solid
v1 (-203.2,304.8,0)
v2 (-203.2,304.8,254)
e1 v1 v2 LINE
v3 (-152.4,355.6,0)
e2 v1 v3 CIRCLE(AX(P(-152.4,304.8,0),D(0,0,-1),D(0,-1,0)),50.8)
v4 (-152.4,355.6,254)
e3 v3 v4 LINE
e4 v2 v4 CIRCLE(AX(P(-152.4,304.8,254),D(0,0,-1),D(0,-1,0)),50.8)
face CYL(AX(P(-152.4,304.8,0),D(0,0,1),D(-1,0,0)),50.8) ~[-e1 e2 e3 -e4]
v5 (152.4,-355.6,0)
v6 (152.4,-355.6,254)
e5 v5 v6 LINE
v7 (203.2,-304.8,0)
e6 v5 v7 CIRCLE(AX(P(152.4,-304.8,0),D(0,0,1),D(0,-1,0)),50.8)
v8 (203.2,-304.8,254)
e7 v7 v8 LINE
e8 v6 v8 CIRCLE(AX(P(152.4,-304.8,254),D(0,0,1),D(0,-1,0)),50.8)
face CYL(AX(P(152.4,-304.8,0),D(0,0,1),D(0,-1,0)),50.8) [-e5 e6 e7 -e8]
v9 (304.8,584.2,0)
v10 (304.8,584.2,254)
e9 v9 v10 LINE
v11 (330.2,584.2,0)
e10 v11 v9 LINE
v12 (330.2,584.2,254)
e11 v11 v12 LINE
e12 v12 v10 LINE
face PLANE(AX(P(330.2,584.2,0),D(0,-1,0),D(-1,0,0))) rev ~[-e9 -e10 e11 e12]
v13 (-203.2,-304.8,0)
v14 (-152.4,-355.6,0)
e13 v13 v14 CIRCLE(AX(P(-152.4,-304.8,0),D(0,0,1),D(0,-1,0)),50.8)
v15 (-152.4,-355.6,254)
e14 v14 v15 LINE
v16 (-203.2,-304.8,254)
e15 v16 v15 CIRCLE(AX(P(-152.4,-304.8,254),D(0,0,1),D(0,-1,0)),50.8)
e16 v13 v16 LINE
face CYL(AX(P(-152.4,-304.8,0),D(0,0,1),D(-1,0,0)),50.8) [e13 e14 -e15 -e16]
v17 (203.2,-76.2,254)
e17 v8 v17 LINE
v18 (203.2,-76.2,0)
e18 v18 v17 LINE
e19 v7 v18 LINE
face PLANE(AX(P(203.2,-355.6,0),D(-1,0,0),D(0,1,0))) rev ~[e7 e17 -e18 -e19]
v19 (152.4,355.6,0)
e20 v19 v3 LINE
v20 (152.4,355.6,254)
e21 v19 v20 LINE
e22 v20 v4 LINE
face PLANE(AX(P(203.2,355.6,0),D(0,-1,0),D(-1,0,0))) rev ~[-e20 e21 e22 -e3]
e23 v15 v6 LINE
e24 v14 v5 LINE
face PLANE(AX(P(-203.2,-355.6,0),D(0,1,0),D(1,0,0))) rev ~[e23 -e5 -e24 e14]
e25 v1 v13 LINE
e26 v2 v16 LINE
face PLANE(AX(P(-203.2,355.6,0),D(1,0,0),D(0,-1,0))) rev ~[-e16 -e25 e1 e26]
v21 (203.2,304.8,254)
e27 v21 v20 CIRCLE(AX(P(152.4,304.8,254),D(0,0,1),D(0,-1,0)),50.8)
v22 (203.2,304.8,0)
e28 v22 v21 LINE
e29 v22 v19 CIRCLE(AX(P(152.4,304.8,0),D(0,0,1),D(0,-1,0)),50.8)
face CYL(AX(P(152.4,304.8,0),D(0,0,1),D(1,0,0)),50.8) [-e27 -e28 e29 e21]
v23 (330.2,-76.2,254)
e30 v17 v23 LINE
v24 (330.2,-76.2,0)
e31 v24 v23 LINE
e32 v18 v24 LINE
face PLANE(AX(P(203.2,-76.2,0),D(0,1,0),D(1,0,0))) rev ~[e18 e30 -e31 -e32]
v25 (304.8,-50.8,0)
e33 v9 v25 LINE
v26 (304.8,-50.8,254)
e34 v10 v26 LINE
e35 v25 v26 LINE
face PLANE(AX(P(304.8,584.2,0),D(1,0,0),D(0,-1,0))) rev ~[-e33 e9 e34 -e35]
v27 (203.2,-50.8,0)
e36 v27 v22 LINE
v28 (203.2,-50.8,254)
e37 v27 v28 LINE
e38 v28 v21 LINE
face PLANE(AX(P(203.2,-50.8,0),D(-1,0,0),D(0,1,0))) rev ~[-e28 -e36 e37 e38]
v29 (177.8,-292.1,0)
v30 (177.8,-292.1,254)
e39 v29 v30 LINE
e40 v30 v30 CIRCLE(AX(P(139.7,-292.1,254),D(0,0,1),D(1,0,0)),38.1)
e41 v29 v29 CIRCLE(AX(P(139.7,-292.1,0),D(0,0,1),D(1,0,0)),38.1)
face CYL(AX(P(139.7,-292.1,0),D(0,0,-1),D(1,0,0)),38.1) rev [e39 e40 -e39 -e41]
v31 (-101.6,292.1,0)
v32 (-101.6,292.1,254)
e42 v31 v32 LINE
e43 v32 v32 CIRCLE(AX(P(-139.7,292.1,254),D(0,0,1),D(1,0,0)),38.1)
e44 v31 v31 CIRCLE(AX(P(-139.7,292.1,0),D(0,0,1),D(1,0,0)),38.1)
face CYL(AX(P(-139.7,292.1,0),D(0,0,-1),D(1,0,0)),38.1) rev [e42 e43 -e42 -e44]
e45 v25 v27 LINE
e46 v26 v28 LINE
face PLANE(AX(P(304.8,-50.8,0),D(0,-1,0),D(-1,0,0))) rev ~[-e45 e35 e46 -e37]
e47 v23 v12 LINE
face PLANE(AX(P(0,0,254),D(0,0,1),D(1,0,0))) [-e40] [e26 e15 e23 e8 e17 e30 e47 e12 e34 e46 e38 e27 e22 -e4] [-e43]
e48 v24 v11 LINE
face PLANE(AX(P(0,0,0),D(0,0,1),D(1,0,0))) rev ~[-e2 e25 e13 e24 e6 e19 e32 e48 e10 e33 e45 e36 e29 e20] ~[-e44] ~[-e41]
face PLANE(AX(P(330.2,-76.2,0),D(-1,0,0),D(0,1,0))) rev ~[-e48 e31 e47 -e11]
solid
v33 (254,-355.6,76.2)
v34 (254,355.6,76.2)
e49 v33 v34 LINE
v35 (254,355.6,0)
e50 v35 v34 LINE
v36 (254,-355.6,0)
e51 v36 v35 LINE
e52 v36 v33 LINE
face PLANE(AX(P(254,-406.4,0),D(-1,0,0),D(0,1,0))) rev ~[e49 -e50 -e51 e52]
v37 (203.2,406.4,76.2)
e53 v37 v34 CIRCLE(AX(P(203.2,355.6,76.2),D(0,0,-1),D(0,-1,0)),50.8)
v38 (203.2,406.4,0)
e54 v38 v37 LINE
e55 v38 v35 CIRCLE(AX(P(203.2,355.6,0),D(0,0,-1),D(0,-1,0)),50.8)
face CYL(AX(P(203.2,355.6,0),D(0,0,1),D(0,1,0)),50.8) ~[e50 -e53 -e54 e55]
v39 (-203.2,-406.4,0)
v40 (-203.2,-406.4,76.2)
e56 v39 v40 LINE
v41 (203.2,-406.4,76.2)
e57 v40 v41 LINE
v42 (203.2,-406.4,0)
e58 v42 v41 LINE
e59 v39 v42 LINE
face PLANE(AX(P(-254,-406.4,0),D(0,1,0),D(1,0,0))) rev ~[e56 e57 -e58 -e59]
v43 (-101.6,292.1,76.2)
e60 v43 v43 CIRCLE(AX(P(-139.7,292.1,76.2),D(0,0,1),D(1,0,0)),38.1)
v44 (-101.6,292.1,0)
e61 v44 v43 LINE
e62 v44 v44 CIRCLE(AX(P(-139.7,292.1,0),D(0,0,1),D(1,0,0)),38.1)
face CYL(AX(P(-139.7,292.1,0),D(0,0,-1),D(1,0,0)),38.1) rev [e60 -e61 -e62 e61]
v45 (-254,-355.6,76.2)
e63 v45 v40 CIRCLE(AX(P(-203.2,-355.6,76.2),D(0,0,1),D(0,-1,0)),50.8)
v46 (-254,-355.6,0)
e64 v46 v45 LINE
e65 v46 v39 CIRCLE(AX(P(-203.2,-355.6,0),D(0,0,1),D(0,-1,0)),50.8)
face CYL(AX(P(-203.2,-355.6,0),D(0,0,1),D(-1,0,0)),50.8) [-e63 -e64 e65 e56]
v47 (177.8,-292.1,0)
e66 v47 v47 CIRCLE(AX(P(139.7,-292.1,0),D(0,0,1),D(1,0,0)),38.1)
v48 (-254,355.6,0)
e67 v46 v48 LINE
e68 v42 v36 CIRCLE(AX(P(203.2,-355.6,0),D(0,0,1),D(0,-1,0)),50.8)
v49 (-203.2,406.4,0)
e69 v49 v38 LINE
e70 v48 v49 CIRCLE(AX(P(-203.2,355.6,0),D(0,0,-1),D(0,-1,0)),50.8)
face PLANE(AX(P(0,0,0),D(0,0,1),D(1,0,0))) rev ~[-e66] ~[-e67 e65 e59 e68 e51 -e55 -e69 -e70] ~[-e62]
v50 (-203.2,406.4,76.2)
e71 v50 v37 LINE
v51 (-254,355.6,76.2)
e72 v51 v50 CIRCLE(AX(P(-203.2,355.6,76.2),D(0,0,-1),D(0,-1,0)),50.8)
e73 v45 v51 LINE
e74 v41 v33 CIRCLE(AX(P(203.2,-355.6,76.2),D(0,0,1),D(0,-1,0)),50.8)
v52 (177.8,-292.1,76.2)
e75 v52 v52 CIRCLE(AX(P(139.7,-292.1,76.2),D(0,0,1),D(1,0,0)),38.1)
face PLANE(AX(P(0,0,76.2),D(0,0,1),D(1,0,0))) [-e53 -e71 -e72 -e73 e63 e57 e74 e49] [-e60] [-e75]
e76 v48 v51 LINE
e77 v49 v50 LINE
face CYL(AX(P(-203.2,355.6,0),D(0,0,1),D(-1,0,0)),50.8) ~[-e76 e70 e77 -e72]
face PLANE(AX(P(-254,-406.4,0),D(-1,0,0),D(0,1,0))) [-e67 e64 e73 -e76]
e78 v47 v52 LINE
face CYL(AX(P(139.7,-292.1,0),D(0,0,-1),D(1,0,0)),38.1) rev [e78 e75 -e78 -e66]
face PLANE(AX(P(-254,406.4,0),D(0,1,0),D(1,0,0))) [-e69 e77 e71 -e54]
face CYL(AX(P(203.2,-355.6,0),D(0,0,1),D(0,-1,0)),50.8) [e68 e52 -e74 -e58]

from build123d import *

# Parameters (mm, degrees)
F0_R     = 38.1
F1_DEPTH = 254
F2_R     = 50.8
F3_W     = 508
F3_H     = 812.8
F3_R     = 38.1
F4_DEPTH = 76.2
F5_R     = 50.8


with BuildPart() as f1:
    # F0 (on Top) → F1 (new body)
    with BuildSketch(Plane.XY):
        Polygon((-203.2, 355.6), (-203.2, -355.6), (203.2, -355.6), (203.2, -76.2), (203.2, -50.8), (203.2, 355.6), align=None)
        with Locations((139.7, -292.1)):
            Circle(F0_R, mode=Mode.SUBTRACT)
        with Locations((-139.7, 292.1)):
            Circle(F0_R, mode=Mode.SUBTRACT)
        Polygon((203.2, -50.8), (203.2, -76.2), (330.2, -76.2), (330.2, 584.2), (304.8, 584.2), (304.8, -50.8), align=None)
    extrude(amount=F1_DEPTH)

    # F2
    f2_edges = [f1.edges().sort_by_distance(p)[0] for p in [
        (-203.2, 355.6, 127),
        (203.2, 355.6, 127),
        (-203.2, -355.6, 127),
        (203.2, -355.6, 127),
    ]]
    fillet(f2_edges, radius=F2_R)


with BuildPart() as f4:
    # F3 (on Top) → F4 (new body)
    with BuildSketch(Plane.XY):
        Rectangle(F3_W, F3_H)
        with Locations((139.7, -292.1)):
            Circle(F3_R, mode=Mode.SUBTRACT)
        with Locations((-139.7, 292.1)):
            Circle(F3_R, mode=Mode.SUBTRACT)
    extrude(amount=F4_DEPTH)

    # F5
    f5_edges = [f4.edges().sort_by_distance(p)[0] for p in [
        (254, -406.4, 38.1),
        (-254, -406.4, 38.1),
        (-254, 406.4, 38.1),
        (254, 406.4, 38.1),
    ]]
    fillet(f5_edges, radius=F5_R)


solid = Compound([f1.part, f4.part])
